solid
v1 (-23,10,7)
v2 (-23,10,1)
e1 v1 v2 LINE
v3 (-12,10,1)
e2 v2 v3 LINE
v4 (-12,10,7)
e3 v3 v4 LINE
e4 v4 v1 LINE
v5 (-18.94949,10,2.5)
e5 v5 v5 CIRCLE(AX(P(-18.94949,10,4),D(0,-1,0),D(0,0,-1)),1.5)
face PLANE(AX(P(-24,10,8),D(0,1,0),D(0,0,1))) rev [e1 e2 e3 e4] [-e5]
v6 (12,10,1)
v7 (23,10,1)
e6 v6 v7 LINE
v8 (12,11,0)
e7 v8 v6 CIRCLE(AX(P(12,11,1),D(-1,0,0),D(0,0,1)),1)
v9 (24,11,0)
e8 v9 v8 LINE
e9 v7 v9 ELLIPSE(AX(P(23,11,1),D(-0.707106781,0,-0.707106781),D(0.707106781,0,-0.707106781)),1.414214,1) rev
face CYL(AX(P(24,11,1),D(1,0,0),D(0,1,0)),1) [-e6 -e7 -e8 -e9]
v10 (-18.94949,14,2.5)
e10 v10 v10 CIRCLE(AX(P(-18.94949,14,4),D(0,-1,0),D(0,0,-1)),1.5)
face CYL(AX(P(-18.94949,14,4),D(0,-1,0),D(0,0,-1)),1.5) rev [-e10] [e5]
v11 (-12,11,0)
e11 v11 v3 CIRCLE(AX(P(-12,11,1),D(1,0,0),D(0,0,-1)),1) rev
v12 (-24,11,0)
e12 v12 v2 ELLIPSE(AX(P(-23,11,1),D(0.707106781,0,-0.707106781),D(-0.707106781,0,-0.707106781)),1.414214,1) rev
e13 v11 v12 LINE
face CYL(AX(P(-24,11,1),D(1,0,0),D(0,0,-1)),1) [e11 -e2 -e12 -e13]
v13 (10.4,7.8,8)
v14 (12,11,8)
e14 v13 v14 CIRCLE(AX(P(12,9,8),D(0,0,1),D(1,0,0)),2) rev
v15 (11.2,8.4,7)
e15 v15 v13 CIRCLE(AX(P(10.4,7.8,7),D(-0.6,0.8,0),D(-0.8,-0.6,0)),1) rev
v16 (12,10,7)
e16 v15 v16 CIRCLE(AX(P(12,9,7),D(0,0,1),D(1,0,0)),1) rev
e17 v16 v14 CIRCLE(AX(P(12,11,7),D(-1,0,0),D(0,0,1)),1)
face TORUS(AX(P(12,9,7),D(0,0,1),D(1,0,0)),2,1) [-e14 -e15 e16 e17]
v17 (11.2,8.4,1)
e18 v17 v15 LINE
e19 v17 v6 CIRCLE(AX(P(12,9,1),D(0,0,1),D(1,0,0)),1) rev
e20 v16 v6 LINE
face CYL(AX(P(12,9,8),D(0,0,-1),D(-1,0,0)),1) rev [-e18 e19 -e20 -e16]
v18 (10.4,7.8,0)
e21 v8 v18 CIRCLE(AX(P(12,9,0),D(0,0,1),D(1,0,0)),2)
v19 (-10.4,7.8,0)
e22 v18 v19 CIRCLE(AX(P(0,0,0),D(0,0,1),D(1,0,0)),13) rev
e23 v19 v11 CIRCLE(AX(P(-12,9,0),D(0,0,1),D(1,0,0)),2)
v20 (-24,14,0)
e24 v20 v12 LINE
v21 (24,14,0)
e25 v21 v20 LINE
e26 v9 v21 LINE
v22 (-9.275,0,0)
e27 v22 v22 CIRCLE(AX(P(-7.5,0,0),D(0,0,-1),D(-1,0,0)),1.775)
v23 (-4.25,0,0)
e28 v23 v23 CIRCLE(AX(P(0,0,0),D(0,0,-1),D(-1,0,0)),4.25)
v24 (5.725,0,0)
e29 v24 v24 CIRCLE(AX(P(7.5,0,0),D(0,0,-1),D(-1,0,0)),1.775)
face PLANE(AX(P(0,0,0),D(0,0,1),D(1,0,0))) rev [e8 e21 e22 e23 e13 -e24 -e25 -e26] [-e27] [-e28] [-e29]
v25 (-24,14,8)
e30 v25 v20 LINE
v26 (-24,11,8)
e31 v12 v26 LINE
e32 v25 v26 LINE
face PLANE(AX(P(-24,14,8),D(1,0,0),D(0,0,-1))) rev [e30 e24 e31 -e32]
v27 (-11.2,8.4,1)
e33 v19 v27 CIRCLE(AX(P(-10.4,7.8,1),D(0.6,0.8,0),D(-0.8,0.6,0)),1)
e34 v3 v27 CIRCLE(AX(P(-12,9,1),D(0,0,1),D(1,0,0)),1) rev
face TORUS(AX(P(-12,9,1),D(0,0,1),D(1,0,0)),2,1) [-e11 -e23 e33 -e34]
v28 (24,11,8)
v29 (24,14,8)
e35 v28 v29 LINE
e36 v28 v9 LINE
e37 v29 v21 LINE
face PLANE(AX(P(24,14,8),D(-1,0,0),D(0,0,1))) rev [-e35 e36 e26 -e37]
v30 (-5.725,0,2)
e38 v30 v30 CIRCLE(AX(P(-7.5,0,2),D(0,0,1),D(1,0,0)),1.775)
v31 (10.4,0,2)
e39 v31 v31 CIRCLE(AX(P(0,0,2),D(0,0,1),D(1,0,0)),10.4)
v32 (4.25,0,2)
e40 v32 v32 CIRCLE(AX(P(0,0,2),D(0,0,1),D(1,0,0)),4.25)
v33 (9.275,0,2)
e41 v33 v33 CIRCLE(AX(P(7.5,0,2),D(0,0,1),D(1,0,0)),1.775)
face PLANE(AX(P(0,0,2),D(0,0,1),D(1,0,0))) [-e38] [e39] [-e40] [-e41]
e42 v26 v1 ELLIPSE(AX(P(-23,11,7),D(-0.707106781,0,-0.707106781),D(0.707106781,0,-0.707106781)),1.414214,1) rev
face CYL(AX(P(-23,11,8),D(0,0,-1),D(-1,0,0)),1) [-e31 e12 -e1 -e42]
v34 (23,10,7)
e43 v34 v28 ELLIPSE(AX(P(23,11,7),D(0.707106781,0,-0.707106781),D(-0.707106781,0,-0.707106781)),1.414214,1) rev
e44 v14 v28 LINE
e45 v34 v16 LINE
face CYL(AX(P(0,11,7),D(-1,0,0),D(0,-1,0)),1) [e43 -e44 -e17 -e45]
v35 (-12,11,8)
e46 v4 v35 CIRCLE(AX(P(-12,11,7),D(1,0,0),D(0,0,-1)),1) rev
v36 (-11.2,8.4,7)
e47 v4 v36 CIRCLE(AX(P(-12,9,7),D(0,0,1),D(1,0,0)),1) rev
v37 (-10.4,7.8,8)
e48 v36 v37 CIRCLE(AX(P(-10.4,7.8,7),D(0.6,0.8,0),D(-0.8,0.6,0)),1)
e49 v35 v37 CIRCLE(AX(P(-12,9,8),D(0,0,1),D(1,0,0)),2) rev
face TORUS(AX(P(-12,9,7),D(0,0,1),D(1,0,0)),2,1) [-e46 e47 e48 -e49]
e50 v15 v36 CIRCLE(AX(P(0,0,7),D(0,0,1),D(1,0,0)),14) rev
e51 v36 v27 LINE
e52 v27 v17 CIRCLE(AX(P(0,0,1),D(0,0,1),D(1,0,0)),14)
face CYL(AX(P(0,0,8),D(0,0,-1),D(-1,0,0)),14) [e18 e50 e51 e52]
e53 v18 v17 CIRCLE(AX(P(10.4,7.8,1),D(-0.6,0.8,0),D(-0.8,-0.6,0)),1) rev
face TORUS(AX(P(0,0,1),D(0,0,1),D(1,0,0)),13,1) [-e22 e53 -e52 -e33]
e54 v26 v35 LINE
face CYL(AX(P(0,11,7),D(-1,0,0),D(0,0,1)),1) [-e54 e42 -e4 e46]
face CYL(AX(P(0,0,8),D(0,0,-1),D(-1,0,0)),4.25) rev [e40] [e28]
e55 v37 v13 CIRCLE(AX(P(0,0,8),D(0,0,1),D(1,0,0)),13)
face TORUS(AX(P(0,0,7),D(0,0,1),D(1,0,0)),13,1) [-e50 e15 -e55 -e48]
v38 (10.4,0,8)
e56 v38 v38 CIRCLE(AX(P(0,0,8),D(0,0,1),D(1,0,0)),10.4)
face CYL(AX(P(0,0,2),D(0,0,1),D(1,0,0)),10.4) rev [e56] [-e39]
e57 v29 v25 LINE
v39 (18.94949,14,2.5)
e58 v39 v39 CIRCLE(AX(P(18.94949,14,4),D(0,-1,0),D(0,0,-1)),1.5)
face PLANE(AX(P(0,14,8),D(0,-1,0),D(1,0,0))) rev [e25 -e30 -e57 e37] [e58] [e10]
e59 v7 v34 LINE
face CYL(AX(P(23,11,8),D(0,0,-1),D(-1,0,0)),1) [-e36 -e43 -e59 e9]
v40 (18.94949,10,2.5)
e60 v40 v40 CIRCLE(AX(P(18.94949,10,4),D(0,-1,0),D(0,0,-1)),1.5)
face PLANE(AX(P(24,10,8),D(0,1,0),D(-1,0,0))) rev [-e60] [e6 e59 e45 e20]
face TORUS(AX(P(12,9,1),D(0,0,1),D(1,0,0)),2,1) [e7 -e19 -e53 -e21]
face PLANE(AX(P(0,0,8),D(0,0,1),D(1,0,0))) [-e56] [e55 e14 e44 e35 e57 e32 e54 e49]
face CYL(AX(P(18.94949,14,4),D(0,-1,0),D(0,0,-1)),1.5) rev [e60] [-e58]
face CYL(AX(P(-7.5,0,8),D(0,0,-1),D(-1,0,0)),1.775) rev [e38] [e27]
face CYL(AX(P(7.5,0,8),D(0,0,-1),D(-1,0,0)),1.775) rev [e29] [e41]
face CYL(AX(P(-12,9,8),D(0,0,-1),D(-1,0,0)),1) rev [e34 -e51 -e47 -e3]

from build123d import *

# Parameters (mm, degrees)
SALIENTE_EXTRUIR1_DEPTH = 8
REDONDEO1_R             = 1
CROQUIS2_R              = 1.5
CORTAR_EXTRUIR1_DEPTH   = 35.871191617
CROQUIS3_R              = 10.4
CORTAR_EXTRUIR2_DEPTH   = 6
CROQUIS4_R              = 4.25
CROQUIS4_R_2            = 1.775
CORTAR_EXTRUIR3_DEPTH   = 29.913664638


with BuildPart() as part:
    # Croquis1 → Saliente-Extruir1 (new body)
    with BuildSketch(Plane.XY):
        with BuildLine():
            Line((0, 14), (24, 14))
            Line((24, 14), (24, 10))
            Line((24, 10), (9.797958971, 10))
            ThreePointArc((9.797958971, 10), (0, -14), (-9.797958971, 10))
            Line((-9.797958971, 10), (-24, 10))
            Line((-24, 10), (-24, 14))
            Line((-24, 14), (0, 14))
        make_face()
    extrude(amount=SALIENTE_EXTRUIR1_DEPTH)

    # Redondeo1
    redondeo1_edges = [part.edges().sort_by_distance(p)[0] for p in [
        (-9.797958971, 10, 4),
        (-24, 10, 4),
        (24, 10, 4),
        (9.797958971, 10, 4),
        (-16.898979486, 10, 8),
        (0, -14, 8),
        (-16.898979486, 10, 0),
        (16.898979486, 10, 8),
        (16.898979486, 10, 0),
        (0, -14, 0),
    ]]
    fillet(redondeo1_edges, radius=REDONDEO1_R)

    # Croquis2 → Cortar-Extruir1 (cut, through all)
    with BuildSketch(Plane.XZ.offset(-10)):
        with Locations(Location((-18.949489743, 4, 0), (0, 0, 270))):
            Circle(CROQUIS2_R)
        with Locations(Location((18.949489743, 4, 0), (0, 0, 270))):
            Circle(CROQUIS2_R)
    extrude(amount=-CORTAR_EXTRUIR1_DEPTH, mode=Mode.SUBTRACT)

    # Croquis3 → Cortar-Extruir2 (cut)
    with BuildSketch(Plane.XY.offset(8)):
        Circle(CROQUIS3_R)
    extrude(amount=-CORTAR_EXTRUIR2_DEPTH, mode=Mode.SUBTRACT)

    # Croquis4 → Cortar-Extruir3 (cut, through all)
    with BuildSketch(Plane(origin=(0, 0, 0), x_dir=(-1, 0, 0), z_dir=(0, 0, -1))):
        Circle(CROQUIS4_R)
        with Locations((7.5, 0)):
            Circle(CROQUIS4_R_2)
        with Locations((-7.5, 0)):
            Circle(CROQUIS4_R_2)
    extrude(amount=-CORTAR_EXTRUIR3_DEPTH, mode=Mode.SUBTRACT)


solid = part.part
